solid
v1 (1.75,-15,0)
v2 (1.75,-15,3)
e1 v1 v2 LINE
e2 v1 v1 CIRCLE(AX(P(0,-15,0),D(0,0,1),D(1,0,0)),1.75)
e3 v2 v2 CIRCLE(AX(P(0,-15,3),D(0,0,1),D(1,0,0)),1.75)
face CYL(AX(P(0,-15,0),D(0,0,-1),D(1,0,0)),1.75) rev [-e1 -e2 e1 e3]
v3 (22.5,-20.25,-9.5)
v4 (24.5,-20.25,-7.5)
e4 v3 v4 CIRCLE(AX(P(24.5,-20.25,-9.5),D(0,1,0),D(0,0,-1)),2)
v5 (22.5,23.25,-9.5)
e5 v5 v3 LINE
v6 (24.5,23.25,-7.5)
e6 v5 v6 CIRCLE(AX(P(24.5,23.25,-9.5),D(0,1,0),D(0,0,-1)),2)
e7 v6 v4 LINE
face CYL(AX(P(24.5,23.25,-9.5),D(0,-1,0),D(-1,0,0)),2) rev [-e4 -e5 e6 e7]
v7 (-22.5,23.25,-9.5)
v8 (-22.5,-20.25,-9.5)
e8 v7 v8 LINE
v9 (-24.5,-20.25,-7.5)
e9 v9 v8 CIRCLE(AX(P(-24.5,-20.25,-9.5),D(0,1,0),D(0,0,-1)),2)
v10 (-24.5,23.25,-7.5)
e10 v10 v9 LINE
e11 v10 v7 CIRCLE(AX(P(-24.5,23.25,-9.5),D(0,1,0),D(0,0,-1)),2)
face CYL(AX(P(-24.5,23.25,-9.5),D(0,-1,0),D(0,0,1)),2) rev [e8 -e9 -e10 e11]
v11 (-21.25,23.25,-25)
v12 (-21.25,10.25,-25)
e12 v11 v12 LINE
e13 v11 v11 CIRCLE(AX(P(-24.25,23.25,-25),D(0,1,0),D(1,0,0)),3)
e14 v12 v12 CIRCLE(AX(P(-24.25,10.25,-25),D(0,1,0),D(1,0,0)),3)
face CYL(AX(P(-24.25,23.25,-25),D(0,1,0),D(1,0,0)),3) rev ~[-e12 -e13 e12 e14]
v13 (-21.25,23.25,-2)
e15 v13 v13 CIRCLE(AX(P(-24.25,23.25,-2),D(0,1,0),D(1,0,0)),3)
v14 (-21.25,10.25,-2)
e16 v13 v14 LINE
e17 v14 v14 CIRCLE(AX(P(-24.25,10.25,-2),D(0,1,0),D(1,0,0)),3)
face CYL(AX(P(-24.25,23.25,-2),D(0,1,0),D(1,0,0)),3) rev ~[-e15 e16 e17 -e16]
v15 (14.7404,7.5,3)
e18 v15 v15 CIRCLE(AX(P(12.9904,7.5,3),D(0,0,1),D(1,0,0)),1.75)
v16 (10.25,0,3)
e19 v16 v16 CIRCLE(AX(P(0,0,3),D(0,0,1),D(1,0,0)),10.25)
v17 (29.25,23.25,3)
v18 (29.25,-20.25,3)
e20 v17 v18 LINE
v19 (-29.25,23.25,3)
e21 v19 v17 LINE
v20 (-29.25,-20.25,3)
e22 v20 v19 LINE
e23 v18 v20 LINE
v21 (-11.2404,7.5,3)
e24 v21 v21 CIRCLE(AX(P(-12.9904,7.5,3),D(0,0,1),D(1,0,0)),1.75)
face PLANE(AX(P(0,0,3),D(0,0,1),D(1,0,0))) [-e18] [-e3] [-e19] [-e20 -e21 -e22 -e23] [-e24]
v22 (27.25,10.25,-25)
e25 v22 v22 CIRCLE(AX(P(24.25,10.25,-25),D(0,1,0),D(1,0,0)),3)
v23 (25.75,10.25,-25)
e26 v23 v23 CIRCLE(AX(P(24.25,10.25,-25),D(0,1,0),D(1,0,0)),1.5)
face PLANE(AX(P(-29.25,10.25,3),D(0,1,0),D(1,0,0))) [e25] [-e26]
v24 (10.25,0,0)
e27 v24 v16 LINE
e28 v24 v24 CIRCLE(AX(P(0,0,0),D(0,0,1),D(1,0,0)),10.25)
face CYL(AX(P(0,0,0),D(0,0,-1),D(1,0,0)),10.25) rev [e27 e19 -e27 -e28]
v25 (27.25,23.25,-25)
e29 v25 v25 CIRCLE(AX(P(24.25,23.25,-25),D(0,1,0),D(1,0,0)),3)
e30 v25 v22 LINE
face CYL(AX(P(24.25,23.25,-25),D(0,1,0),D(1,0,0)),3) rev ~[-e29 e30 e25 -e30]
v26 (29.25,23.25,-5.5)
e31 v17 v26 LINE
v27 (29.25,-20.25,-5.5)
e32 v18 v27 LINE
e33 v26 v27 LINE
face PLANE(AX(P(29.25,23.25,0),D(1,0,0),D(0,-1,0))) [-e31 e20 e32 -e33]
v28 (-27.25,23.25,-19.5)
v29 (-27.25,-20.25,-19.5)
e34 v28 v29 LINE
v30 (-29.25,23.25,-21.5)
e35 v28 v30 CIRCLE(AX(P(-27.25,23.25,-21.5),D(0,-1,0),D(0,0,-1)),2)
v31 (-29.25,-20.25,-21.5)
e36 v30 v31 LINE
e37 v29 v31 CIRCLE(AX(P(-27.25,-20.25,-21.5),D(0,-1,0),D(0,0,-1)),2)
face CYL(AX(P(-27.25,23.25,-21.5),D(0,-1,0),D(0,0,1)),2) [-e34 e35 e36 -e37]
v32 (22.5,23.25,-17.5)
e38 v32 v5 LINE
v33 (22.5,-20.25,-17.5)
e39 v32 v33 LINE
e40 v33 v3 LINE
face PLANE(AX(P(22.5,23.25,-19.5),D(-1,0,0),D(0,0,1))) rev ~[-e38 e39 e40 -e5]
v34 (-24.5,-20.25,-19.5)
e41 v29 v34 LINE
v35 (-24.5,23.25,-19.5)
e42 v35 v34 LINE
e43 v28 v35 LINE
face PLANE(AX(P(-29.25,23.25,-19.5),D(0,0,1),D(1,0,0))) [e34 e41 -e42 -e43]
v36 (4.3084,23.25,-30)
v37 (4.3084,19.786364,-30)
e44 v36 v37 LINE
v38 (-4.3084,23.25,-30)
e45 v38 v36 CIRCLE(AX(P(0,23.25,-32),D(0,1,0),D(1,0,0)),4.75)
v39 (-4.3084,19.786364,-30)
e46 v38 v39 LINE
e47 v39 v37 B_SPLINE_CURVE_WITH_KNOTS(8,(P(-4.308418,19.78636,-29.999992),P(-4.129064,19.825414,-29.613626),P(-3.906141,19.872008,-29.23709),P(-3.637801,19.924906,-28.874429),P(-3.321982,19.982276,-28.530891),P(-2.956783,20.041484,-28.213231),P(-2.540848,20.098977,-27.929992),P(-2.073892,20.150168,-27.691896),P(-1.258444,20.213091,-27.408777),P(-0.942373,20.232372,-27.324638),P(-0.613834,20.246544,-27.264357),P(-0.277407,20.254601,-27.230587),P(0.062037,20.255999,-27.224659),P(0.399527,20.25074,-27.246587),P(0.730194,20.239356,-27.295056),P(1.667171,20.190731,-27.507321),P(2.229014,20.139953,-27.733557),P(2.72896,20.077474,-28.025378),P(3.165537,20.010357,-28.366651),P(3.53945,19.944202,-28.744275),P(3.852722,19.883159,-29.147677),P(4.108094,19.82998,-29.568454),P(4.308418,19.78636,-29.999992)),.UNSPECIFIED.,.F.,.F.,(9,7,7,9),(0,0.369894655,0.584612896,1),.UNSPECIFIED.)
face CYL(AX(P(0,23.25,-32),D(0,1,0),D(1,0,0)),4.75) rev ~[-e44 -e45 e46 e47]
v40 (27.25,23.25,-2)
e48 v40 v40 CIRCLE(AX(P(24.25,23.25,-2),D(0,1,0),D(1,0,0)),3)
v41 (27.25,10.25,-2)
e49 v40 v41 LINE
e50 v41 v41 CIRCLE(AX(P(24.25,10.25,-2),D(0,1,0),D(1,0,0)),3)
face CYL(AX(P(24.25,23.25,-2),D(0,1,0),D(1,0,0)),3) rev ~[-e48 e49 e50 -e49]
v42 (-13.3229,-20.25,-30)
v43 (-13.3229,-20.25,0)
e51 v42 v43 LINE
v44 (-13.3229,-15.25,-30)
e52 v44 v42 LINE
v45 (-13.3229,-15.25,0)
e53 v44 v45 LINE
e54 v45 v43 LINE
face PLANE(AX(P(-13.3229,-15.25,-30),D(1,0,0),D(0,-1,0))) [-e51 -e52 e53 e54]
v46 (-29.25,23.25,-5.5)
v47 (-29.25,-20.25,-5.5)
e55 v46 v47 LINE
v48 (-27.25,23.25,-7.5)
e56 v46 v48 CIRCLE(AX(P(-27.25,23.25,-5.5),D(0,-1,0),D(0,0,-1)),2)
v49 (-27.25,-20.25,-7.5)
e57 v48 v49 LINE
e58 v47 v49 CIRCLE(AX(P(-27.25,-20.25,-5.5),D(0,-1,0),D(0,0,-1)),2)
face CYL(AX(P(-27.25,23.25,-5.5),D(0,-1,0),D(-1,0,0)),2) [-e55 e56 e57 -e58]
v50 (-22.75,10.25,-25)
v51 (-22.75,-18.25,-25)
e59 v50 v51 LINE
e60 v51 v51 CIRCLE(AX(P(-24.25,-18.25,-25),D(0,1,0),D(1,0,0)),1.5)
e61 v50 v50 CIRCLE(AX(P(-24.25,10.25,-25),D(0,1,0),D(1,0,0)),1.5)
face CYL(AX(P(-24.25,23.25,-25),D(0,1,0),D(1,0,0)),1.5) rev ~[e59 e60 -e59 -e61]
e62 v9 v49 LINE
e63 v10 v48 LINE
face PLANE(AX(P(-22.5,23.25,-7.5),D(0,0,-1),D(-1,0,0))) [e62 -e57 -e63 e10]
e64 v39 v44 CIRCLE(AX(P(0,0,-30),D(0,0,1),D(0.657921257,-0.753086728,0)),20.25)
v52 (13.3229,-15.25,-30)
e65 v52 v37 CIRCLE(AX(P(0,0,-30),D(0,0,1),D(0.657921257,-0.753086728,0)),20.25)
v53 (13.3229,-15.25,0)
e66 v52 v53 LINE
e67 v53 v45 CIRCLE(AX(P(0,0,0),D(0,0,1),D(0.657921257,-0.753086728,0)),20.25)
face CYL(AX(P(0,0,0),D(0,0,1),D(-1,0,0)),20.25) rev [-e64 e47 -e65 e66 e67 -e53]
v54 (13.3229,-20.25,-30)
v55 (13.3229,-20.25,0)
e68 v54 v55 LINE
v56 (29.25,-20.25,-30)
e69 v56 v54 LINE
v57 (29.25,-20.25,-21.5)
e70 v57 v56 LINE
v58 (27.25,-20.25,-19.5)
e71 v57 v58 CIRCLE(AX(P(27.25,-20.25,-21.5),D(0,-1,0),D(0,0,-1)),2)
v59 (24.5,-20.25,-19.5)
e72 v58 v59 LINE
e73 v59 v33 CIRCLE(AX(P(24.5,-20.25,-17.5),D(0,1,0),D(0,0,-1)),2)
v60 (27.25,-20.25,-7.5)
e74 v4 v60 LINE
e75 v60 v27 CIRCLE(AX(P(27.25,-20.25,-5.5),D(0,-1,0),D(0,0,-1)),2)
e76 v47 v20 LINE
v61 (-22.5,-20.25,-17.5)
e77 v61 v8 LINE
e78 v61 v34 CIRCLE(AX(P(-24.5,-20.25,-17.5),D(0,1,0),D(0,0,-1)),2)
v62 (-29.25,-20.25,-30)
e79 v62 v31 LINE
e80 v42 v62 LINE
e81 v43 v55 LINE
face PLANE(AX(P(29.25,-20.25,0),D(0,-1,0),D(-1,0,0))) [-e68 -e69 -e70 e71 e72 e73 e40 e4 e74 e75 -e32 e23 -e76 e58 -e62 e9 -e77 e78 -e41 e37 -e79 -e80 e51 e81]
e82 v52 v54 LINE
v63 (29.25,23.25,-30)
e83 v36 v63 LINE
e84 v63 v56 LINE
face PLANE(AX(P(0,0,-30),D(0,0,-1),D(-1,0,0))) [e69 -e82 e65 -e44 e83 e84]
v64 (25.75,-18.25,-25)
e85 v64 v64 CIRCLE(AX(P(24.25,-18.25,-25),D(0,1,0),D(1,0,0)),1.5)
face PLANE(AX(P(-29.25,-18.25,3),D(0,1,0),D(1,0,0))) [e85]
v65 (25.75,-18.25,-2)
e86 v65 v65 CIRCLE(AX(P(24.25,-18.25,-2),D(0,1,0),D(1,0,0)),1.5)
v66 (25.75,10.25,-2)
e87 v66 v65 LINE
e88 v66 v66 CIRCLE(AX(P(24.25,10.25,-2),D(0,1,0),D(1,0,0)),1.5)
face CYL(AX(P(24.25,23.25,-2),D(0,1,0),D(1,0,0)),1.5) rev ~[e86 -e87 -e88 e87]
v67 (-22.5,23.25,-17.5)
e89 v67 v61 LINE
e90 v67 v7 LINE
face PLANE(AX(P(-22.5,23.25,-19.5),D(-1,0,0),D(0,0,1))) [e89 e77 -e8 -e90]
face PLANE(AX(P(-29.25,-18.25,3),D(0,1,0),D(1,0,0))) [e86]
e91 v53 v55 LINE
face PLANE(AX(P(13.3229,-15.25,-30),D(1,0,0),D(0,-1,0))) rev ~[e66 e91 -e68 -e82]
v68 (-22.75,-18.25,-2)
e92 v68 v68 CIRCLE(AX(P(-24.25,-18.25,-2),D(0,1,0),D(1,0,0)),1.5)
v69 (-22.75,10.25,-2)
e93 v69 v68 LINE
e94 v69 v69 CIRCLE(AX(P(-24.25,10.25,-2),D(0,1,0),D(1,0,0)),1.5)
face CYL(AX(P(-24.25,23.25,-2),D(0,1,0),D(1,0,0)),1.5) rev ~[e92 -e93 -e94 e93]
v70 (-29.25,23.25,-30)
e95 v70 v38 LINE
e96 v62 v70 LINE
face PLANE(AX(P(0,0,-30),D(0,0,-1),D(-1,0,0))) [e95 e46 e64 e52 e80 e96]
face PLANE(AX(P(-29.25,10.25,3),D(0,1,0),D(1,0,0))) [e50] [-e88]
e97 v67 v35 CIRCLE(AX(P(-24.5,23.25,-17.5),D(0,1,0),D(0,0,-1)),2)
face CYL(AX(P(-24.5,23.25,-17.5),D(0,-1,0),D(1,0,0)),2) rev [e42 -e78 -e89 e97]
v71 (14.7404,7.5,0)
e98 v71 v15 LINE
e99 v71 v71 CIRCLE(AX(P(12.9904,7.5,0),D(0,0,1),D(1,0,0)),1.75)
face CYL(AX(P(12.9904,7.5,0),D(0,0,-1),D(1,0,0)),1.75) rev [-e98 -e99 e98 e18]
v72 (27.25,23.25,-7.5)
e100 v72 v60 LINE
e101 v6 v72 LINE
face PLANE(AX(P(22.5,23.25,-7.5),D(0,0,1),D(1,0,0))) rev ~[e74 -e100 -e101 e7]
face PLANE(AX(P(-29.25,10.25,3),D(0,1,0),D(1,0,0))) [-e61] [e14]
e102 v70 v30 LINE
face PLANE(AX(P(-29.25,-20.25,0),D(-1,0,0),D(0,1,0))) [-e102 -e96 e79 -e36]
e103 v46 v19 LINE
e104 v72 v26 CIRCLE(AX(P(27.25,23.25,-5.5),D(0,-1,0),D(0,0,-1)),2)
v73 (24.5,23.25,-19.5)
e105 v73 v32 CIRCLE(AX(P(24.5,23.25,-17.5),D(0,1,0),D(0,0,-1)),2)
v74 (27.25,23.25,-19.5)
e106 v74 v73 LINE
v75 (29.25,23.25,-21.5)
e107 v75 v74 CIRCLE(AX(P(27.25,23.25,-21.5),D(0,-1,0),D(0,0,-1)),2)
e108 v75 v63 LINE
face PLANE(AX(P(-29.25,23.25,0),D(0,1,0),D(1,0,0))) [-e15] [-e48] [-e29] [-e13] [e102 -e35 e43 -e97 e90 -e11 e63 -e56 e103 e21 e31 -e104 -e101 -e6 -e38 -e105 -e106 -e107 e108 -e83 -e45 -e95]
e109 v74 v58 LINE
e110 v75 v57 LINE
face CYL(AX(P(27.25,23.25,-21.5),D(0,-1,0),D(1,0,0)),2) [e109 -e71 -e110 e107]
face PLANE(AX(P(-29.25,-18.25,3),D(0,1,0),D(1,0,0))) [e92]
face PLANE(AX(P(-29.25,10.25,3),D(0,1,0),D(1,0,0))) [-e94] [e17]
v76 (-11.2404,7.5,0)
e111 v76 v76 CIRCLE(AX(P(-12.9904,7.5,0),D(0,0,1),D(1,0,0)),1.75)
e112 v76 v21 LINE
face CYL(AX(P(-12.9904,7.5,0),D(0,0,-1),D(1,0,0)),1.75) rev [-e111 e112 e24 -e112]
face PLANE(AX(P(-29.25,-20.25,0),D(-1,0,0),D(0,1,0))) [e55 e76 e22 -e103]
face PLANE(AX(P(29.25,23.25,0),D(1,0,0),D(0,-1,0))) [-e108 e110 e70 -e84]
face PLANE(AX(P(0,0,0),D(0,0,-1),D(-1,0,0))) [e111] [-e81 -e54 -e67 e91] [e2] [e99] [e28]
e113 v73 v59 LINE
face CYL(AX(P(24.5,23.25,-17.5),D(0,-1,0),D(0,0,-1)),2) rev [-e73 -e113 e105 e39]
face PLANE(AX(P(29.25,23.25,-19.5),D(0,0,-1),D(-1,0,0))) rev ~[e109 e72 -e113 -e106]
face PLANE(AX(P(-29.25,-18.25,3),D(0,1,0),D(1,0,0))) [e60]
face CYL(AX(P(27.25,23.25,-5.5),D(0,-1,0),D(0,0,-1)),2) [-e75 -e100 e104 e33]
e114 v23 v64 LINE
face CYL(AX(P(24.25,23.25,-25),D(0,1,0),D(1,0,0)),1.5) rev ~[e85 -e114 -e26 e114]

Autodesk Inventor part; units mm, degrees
ref_plane "YZ Plane" through (0, 0, 0) normal (1, 0, 0) x (0, 1, 0)
ref_plane "XZ Plane" through (0, 0, 0) normal (0, 1, 0) x (-1, 0, 0)
ref_plane "XY Plane" through (0, 0, 0) normal (0, 0, 1) x (1, 0, 0)
sketch "FrontSketch" plane through (0, 0, 0) normal (0, 0, 1) x (1, 0, 0)
  line L0 (0, 0) -> (0, 22.8261) construction
  line L1 (0, 0) -> (24.783, 0) construction
  circle A0 centre (0, 0) radius 10.25
  circle A1 centre (0, 0) radius 20.25 construction
  line L2 (-29.25, 23.25) -> (29.25, 23.25)
  line L3 (29.25, 23.25) -> (29.25, -20.25)
  line L4 (29.25, -20.25) -> (-29.25, -20.25)
  line L5 (-29.25, -20.25) -> (-29.25, 23.25)
  line L6 (0, 0) -> (-39.7334, 0) construction
  circle A2 centre (0, 0) radius 15 construction
  circle A3 centre (0, -15) radius 1.75
  line L7 (0, 0) -> (0, -25.6264) construction
  circle A4 centre (12.9904, 7.5) radius 1.75
  circle A5 centre (-12.9904, 7.5) radius 1.75
  point P0 (0, 20.25)
  point P1 (-20.25, 0)
  dimension "d25" = 30
  dimension "d21" = 20.5
  dimension "d22" = 40.5
  dimension "d23" = 9
  dimension "d24" = 3
  dimension "d26" = 3.5
  dimension "d29" = 360
extrude "Front" add sketch "FrontSketch" along normal blind 3
sketch "FerruleSketch" plane through (0, 0, 0) normal (0, 0, -1) x (-1, 0, 0)
  circle A0 centre (0, 0) radius 10.25 projected
  line L0 (29.25, 23.25) -> (-29.25, 23.25) projected
  line L1 (-29.25, 23.25) -> (-29.25, -20.25) projected
  line L2 (-29.25, -20.25) -> (29.25, -20.25) projected
  line L3 (29.25, -20.25) -> (29.25, 23.25) projected
  circle A1 centre (0, 0) radius 20.25
  dimension "d33" = 40.5
extrude "Ferrule" add sketch "FerruleSketch" along normal blind 30 contours L3 L2 L1 L0
sketch "Sketch7" plane through (0, 0, -30) normal (0, 0, -1) x (-1, 0, 0)
  line L0 (-29.25, -20.25) -> (29.25, -20.25) projected
  circle A0 centre (0, 0) radius 20.25 projected
  line L1 (-29.25, -20.25) -> (29.25, -20.25) projected
  line L2 (29.25, -20.25) -> (29.25, 23.25) projected
  line L3 (13.3229, -15.25) -> (13.3229, -20.25)
  line L4 (-13.3229, -15.25) -> (-13.3229, -20.25)
  line L5 (0, 0) -> (0, -25.3199) construction
  point P0 (0, -20.25)
  dimension "d37" = 5
extrude "Extrusion8" cut sketch "Sketch7" against normal up to surface (30 mm away) contours L4 A0 L0 | A0 L3 L0
sketch "CableHoleSketch" plane through (-29.25, 23.25, 3) normal (0, 1, 0) x (1, 0, 0)
  line L0 (0, 33) -> (58.5, 33) projected
  line L1 (29.25, 3) -> (29.25, 34.9321) construction
  circle A0 centre (29.25, 35) radius 4.75
  line L2 (49.5, 3) -> (9, 3) projected
  line L3 (24.9416, 33) -> (33.5584, 33)
  point P0 (15.9271, 3)
  point P1 (42.5729, 3)
  dimension "d40" = 32
  dimension "d41" = 9.5
extrude "CableHole" cut sketch "CableHoleSketch" against normal up to next contours L0 A0 picked at (29.25, 32.0833)
sketch "FasteningHoleSketch" plane through (-29.25, 23.25, 3) normal (0, 1, 0) x (1, 0, 0)
  arc A0 (24.9416, 33) -> (33.5584, 33) centre (29.25, 35) ccw projected
  line L0 (33.5584, 33) -> (58.5, 33) projected
  circle A1 centre (5, 5) radius 1.5
  line L1 (29.25, 3) -> (29.25, 35) construction
  line L2 (58.5, 0) -> (0, 0) projected
  line L3 (58.5, 0) -> (58.5, 33) projected
  line L4 (-10.6096, 16.5) -> (55.9901, 16.5) construction
  circle A2 centre (5, 28) radius 1.5
  line L5 (29.25, 30) -> (29.25, -2) construction
  circle A3 centre (53.5, 5) radius 1.5
  circle A4 centre (53.5, 28) radius 1.5
  dimension "d44" = 3
  dimension "d45" = 5
  dimension "d53" = 16.5
extrude "FasteningHole" cut sketch "FasteningHoleSketch" against normal blind 41.5
sketch "CoilSpringHoleSketch" plane through (-29.25, 23.25, 3) normal (0, 1, 0) x (1, 0, 0)
  circle A0 centre (53.5, 5) radius 1.5 projected
  circle A1 centre (5, 5) radius 1.5 projected
  circle A2 centre (5, 28) radius 1.5 projected
  circle A3 centre (53.5, 28) radius 1.5 projected
  arc A4 (24.9416, 33) -> (33.5584, 33) centre (29.25, 35) ccw projected
  line L0 (58.5, 0) -> (0, 0) projected
  line L1 (33.5584, 33) -> (58.5, 33) projected
  circle A5 centre (5, 28) radius 3
  line L2 (29.25, 3) -> (29.25, 35) construction
  line L3 (-9.4478, 16.5) -> (72.8784, 16.5) construction
  circle A6 centre (53.5, 28) radius 3
  circle A7 centre (5, 5) radius 3
  circle A8 centre (53.5, 5) radius 3
  dimension "d54" = 6
  dimension "d55" = 16.5
extrude "CoilSpringHole" cut sketch "CoilSpringHoleSketch" against normal blind 13
sketch "HollowSketch" plane through (-29.25, 23.25, 3) normal (0, 1, 0) x (1, 0, 0)
  circle A0 centre (5, 28) radius 3 projected
  arc A1 (24.9416, 33) -> (33.5584, 33) centre (29.25, 35) ccw projected
  line L0 (0, 33) -> (0, 0) projected
  line L1 (58.5, 0) -> (0, 0) projected
  line L2 (0, 22.5) -> (6.75, 22.5)
  line L3 (6.75, 22.5) -> (6.75, 10.5)
  line L4 (6.75, 10.5) -> (0, 10.5)
  line L5 (0, 10.5) -> (0, 22.5)
  line L6 (29.25, 35) -> (29.25, 3) construction
  line L7 (58.5, 22.5) -> (51.75, 22.5)
  line L8 (51.75, 22.5) -> (51.75, 10.5)
  line L9 (51.75, 10.5) -> (58.5, 10.5)
  line L10 (58.5, 10.5) -> (58.5, 22.5)
  line L11 (-4.7611, 16.5) -> (67.4575, 16.5) construction
  line L12 (9.25, 35.7853) -> (9.25, -4.0496) construction
  dimension "d58" = 16.5
  dimension "d59" = 20
  dimension "d60" = 2.5
  dimension "d61" = 2.5
extrude "Hollow" cut sketch "HollowSketch" against normal up to next contours L2 L3 L4 L0 | L10 L9 L8 L7
fillet "Fillet2" radius 2 8 edges at (-22.5, 1.5, -7.5) (-29.25, 1.5, -7.5) (-22.5, 1.5, -19.5) (-29.25, 1.5, -19.5) (29.25, 1.5, -19.5) (29.25, 1.5, -7.5) (22.5, 1.5, -19.5) (22.5, 1.5, -7.5)
thread "Thread1" size "M3x0.5" class "6H" standard "ANSI Metric M Profile" full length
thread "Thread2" size "M3x0.5" class "6H" standard "ANSI Metric M Profile" full length
thread "Thread3" size "M3x0.5" class "6H" standard "ANSI Metric M Profile" full length
thread "Thread4" size "M3x0.5" class "6H" standard "ANSI Metric M Profile" full length
equation "\"d25\" = 2 * Encoder_FasteningHole_DistanceToCenter"
equation "\"d21\" = Encoder_Bearing_Diameter + EncoderSupport_PlasticShrinkingMargin"
equation "\"d22\" = Encoder_Body_Diameter + EncoderSupport_PlasticShrinkingMargin"
equation "\"d23\" = EncoderSupportInside_SideThickness"
equation "\"d24\" = EncoderSupportInside_TopThickness"
equation "\"d26\" = Encoder_FasteningHole_Diameter + EncoderSupport_PlasticShrinkingMargin"
equation "\"d33\" = Encoder_Body_Diameter + EncoderSupport_PlasticShrinkingMargin"
equation "\"d40\" = Encoder_CableBase_DistanceToTop"
equation "\"d41\" = Encoder_CableBase_Diameter + EncoderSupport_PlasticShrinkingMargin"
equation "\"d44\" = EncoderSupport_FixingHole_Diameter"
equation "\"d45\" = EncoderSupport_FixingnHole_Margin"
equation "\"d53\" = 0.5 * EncoderSupportInside_Length"
equation "\"d54\" = EncoderSupport_CoilSpringHole_Diameter"
equation "\"d55\" = 0.5 * EncoderSupportInside_Length"
equation "\"d58\" = 0.5 * EncoderSupportInside_Length"
equation "\"d59\" = 0.5 * Encoder_Body_Diameter"
equation "\"d60\" = EncoderSupportInside_Hollow_Margin"
equation "\"d61\" = EncoderSupportInside_Hollow_Margin"
equation "\"d65\" = EncoderSupport_Fillet_Size"
equation "\"EncoderSupportInside_Thickness\" = 6"
equation "\"EncoderSupportInside_Length\" = EncoderSupportInside_Front_Thickness + d34"
equation "\"EncoderSupportInside_Width\" = EncoderSupport_PlasticShrinkingMargin + Encoder_Body_Diameter + 2 * EncoderSupportInside_SideThickness"
equation "\"EncoderSupportInside_Height\" = EncoderSupport_PlasticShrinkingMargin + Encoder_Body_Diameter + EncoderSupportInside_Thickness"
equation "\"EncoderSupport_FixingHole_Diameter\" = 3"
equation "\"EncoderSupport_FixingnHole_Margin\" = 5"
equation "\"EncoderSupportInside_SideThickness\" = EncoderSupportInside_Thickness + EncoderSupport_FixingHole_Diameter"
equation "\"EncoderSupport_CoilSpringHole_Diameter\" = 6"
equation "\"EncoderSupportInside_TopThickness\" = 3"
equation "\"EncoderSupportInside_Hollow_Margin\" = 2.5"
equation "\"EncoderSupport_Fillet_Size\" = 2"
equation "\"EncoderSupport_PlasticShrinkingMargin\" = 0.5"
equation "\"Encoder_FasteningHole_DistanceToCenter\" = 15"
equation "\"Encoder_Bearing_Diameter\" = 20"
equation "\"Encoder_Body_Diameter\" = 40"
equation "\"Encoder_FasteningHole_Diameter\" = 3"
equation "\"Encoder_CableBase_DistanceToTop\" = 32"
equation "\"Encoder_CableBase_Diameter\" = 9"
equation "\"EncoderSupportInside_Front_Thickness\" = 3"
equation "\"d34\" = 30"
properties part number "EncoderSupportInside" material "Polyethylene, High Density"
